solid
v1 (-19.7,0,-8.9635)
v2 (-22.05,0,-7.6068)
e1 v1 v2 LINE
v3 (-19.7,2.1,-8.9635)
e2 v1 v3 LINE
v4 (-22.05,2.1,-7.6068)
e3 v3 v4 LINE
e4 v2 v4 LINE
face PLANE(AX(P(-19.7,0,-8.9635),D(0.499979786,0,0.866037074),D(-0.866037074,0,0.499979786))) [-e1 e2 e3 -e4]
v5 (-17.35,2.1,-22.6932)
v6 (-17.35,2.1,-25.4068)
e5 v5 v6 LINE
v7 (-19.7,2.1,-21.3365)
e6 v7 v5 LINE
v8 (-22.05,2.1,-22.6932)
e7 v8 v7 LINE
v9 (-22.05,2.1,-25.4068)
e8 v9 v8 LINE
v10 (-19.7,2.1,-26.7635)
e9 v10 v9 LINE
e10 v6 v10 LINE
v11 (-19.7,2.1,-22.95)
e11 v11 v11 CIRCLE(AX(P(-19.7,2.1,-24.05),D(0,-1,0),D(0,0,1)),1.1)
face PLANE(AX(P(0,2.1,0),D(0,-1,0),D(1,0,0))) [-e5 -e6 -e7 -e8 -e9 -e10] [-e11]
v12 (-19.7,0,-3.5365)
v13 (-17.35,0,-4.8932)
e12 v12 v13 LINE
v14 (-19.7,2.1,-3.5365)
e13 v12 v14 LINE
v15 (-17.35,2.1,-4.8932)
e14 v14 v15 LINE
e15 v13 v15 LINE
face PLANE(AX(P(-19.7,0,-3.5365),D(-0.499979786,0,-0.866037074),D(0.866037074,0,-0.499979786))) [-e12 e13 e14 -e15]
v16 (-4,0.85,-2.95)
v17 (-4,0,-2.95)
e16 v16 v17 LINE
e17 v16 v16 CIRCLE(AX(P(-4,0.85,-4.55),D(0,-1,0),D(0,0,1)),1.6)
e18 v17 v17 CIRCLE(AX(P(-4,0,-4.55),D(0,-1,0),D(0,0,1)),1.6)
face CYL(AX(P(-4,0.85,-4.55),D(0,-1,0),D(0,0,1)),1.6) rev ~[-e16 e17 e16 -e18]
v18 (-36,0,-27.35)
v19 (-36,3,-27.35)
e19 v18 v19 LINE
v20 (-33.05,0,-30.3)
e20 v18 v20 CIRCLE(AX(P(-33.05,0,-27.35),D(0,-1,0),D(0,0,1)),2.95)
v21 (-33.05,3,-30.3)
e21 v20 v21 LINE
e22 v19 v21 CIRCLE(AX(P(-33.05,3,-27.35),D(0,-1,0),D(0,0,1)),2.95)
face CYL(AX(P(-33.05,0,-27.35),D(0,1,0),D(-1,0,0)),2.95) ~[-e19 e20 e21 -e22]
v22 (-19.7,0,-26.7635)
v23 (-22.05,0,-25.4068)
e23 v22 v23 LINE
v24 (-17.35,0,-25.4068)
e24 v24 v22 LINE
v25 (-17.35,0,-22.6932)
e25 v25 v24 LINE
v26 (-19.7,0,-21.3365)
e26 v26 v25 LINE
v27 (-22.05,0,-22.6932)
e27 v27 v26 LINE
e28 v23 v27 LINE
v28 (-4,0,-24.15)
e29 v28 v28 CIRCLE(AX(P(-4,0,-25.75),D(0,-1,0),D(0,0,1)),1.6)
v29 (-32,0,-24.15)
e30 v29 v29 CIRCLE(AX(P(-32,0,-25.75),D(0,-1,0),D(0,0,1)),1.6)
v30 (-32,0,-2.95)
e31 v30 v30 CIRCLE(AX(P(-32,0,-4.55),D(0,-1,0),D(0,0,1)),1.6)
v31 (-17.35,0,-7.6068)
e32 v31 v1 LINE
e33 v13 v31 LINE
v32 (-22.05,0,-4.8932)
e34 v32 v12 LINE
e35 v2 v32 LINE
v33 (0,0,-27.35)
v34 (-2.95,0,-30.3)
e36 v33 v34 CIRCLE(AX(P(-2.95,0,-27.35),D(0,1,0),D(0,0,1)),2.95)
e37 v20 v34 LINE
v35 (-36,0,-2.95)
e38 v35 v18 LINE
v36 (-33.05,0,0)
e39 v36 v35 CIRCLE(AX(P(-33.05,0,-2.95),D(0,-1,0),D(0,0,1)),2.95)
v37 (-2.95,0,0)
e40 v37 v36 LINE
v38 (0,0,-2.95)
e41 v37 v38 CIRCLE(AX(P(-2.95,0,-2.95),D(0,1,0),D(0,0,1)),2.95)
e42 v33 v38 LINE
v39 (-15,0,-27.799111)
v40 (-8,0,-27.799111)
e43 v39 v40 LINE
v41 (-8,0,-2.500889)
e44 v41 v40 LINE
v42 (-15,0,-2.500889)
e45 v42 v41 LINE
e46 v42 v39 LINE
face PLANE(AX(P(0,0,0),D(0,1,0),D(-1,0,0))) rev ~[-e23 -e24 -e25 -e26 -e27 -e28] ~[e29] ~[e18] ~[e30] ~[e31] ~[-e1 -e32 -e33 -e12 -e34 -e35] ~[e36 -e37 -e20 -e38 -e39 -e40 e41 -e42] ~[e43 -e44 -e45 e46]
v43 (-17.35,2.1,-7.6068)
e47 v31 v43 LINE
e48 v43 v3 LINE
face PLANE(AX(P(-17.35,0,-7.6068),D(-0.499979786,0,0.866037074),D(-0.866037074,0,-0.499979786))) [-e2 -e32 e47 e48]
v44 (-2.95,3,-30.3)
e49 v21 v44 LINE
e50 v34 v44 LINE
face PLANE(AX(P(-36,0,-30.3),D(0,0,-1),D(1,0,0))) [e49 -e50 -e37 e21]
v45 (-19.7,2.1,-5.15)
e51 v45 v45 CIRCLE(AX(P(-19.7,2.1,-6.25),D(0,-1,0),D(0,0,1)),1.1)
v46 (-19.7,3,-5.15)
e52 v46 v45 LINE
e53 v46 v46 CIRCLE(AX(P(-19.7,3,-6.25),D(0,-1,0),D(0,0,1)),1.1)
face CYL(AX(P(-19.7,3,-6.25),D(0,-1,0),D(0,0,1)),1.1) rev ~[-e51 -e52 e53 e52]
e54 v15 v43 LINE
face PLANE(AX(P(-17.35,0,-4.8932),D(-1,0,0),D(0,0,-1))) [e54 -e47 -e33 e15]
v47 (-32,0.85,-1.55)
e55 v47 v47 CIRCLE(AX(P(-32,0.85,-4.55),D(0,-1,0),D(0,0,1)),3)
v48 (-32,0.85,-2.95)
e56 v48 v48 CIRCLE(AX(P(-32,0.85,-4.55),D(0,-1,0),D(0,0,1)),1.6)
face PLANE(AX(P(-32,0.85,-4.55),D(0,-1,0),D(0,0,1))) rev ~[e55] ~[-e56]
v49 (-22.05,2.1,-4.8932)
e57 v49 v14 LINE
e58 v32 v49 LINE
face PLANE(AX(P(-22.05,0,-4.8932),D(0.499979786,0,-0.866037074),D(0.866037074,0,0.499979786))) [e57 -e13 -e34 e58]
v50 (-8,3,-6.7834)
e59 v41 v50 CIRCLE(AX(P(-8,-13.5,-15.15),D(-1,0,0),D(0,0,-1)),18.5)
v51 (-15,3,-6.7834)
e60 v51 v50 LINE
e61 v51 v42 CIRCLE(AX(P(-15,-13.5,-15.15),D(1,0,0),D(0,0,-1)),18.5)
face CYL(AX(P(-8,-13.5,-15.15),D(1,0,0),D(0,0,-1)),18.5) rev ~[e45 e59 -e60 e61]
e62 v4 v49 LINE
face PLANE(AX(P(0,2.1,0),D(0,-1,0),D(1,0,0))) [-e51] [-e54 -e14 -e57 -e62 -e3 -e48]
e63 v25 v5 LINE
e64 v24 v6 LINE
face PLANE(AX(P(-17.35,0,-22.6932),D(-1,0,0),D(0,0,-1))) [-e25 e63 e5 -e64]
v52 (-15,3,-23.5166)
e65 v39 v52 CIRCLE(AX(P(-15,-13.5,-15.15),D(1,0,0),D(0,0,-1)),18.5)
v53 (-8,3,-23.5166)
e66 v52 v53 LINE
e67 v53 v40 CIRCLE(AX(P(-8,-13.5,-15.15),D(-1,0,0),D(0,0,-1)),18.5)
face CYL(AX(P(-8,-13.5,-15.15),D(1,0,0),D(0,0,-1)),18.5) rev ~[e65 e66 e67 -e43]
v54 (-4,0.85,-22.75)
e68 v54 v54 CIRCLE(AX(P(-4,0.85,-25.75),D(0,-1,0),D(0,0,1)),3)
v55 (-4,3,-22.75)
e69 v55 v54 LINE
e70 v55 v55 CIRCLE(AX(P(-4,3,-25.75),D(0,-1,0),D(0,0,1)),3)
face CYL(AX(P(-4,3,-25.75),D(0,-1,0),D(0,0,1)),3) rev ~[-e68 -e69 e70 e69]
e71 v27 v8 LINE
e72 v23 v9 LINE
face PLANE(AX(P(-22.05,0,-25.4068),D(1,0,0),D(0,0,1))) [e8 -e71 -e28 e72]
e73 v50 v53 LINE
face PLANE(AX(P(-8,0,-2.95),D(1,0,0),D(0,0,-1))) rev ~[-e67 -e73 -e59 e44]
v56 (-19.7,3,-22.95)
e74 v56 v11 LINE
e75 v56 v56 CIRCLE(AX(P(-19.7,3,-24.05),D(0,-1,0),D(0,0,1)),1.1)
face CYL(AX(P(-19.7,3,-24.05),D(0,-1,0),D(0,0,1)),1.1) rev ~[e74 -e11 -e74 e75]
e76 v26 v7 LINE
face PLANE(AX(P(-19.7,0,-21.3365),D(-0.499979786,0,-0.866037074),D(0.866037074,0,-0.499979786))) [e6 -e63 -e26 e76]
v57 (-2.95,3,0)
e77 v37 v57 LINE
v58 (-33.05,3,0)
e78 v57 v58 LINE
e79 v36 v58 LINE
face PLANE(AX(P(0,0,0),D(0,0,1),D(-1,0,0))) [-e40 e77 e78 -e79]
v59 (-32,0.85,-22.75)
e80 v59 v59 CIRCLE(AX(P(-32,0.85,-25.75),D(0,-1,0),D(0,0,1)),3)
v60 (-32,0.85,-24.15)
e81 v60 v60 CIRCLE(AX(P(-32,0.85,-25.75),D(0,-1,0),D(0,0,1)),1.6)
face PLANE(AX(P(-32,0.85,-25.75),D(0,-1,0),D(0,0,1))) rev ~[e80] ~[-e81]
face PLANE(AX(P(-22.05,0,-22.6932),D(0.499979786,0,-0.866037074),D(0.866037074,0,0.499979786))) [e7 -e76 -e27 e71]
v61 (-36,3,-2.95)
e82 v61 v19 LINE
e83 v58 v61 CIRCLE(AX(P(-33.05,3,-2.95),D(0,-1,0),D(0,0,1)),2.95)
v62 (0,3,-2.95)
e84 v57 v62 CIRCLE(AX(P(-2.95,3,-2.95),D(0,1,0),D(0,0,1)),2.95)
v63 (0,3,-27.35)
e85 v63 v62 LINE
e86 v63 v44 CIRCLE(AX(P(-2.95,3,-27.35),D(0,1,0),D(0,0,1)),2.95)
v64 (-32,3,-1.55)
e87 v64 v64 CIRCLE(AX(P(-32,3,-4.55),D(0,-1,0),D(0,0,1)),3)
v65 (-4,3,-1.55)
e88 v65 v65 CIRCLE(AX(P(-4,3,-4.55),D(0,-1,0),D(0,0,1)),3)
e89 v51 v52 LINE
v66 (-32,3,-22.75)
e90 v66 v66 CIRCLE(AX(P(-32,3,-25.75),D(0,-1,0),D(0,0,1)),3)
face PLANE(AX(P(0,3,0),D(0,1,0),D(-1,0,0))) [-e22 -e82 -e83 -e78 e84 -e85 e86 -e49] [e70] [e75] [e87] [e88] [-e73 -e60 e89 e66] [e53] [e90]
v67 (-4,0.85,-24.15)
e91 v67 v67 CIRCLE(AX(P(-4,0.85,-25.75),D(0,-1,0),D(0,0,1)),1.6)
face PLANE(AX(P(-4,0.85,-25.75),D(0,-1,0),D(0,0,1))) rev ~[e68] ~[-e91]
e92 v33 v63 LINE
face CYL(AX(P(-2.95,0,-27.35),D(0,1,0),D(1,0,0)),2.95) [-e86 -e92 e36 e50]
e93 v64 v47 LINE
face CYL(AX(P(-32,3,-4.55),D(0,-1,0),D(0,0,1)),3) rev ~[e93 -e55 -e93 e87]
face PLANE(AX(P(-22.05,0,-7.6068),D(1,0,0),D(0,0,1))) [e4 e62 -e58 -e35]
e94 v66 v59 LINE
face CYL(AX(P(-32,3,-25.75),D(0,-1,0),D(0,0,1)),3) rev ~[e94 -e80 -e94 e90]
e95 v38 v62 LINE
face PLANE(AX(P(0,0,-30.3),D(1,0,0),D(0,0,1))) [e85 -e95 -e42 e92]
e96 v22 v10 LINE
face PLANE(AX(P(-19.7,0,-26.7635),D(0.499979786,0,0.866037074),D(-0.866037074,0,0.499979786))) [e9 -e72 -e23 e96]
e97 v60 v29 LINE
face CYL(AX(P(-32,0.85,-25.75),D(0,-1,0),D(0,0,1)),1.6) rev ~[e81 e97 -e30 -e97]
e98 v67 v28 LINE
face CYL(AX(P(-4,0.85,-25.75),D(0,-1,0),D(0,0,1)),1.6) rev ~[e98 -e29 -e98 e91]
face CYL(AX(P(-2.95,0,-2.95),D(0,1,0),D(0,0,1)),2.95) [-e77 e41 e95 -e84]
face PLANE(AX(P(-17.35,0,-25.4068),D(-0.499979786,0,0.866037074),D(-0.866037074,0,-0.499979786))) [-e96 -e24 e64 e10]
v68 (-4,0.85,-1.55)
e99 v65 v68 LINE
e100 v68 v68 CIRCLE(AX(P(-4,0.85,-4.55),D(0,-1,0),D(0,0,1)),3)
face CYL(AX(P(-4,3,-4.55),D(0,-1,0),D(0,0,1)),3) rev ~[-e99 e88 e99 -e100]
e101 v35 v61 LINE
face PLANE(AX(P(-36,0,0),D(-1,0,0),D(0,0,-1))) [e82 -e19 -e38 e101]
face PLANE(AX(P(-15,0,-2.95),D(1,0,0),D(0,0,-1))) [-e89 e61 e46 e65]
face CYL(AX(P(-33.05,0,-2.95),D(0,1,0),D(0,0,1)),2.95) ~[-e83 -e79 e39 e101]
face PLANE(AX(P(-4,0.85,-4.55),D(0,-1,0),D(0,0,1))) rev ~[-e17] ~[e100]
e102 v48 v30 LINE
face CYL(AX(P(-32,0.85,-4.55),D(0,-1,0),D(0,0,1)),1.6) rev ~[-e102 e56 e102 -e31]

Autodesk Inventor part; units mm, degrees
ref_plane "YZ Plane" through (0, 0, 0) normal (1, 0, 0) x (0, 1, 0)
ref_plane "XZ Plane" through (0, 0, 0) normal (0, 1, 0) x (-1, 0, 0)
sketch "Эскиз1" plane through (0, 0, 0) normal (0, 1, 0) x (-1, 0, 0)
  line L0 (0, 0) -> (36, 0)
  line L1 (36, 0) -> (36, -30.3)
  line L2 (36, -30.3) -> (0, -30.3)
  line L3 (0, -30.3) -> (0, 0)
  dimension "d0" = 36
  dimension "d1" = 30.3
extrude "Выдавливание1" add sketch "Эскиз1" along normal blind 3
sketch "Эскиз2" plane through (0, 3, 0) normal (0, 1, 0) x (1, 0, 0)
  line L0 (-36, 30.3) -> (-36, 0) projected
  line L1 (-36, 0) -> (-36, 4.55)
  line L2 (-36, 4.55) -> (-32, 4.55)
  line L3 (-36, 0) -> (0, 0) projected
  line L4 (-18, 0) -> (-18, 30.3)
  line L5 (0, 30.3) -> (-36, 30.3) projected
  line L6 (-36, 15.15) -> (0, 15.15)
  line L7 (0, 0) -> (0, 30.3) projected
  point P0 (-32, 25.75)
  point P1 (-4, 4.55)
  point P2 (-4, 25.75)
  dimension "d4" = 4.55
  dimension "d48" = 4
hole "Отверстие1" at (-32, 3, -4.55) at (-32, 3, -25.75) at (-4, 3, -25.75) at (-4, 3, -4.55) direction (0, -1, 0) diameter 3.2 end through all counterbore diameter 6 counterbore depth 2.15
fillet "Сопряжение1" radius 2.95 4 edges at (0, 1.5, 0) (0, 1.5, -30.3) (-36, 1.5, -30.3) (-36, 1.5, 0)
sketch "Эскиз4" plane through (0, 0, -2.95) normal (1, 0, 0) x (0, 0, -1)
  line L0 (12.2, 0) -> (12.2, -13.5)
  circle A0 centre (12.2, -13.5) radius 18.5
  line L1 (0, 0) -> (24.4, 0) projected
  line L2 (0, 0) -> (0, 3) projected
  line L3 (0, 1.5) -> (24.4, 1.5)
  line L4 (24.4, 3) -> (24.4, 0) projected
  dimension "d27" = 13.5
  dimension "d38" = 37
ref_plane "РабПлоскость1" through (-8, 0, -2.95) normal (1, 0, 0) x (0, 0, -1)
extrude "Выдавливание3" cut sketch "Эскиз4" against normal blind 7 from surface at -8 contours A0 L2 L1 L4 | L4 L1 L2 A0 L3 | L3 A0
sketch "Эскиз6" plane through (0, 3, 0) normal (0, 1, 0) x (1, 0, 0)
  line L0 (-15, 23.5166) -> (-15, 6.7834) projected
  line L1 (-15, 15.15) -> (-19.7, 15.15)
  line L2 (-19.7, 6.25) -> (-19.7, 24.05)
  point P0 (0, 0)
  dimension "d39" = 4.7
  dimension "d40" = 17.8
hole "Отверстие2" at (-19.7, 3, -6.25) at (-19.7, 3, -24.05) direction (0, -1, 0) diameter 2.2 end through all
sketch "Эскиз7" plane through (0, 0, 0) normal (0, -1, 0) x (1, 0, 0)
  circle A0 centre (-19.7, -6.25) radius 1.1 projected
  line L0 (-17.35, -7.6068) -> (-19.7, -8.9635)
  line L1 (-19.7, -8.9635) -> (-22.05, -7.6068)
  line L2 (-22.05, -7.6068) -> (-22.05, -4.8932)
  line L3 (-22.05, -4.8932) -> (-19.7, -3.5365)
  line L4 (-19.7, -3.5365) -> (-17.35, -4.8932)
  line L5 (-17.35, -4.8932) -> (-17.35, -7.6068)
  circle A1 centre (-19.7, -24.05) radius 1.1 projected
  line L6 (-17.35, -25.4068) -> (-19.7, -26.7635)
  line L7 (-19.7, -26.7635) -> (-22.05, -25.4068)
  line L8 (-22.05, -25.4068) -> (-22.05, -22.6932)
  line L9 (-22.05, -22.6932) -> (-19.7, -21.3365)
  line L10 (-19.7, -21.3365) -> (-17.35, -22.6932)
  line L11 (-17.35, -22.6932) -> (-17.35, -25.4068)
  line L12 (-15, -2.5009) -> (-15, -27.7991) projected
  point P0 (0, 0)
  dimension "d49" = 4.7
extrude "Выдавливание4" cut sketch "Эскиз7" against normal blind 2.1
equation "\"Радиус_гибки\" = Толщина"
equation "\"Ширина_просечки\" = Толщина"
equation "\"Глубина_просечки\" = 0.5 * Толщина"
equation "\"Размер_просечки\" = 4 * Толщина"
equation "\"Мин_остаток\" = 2 * Толщина"
equation "\"Радиус_перехода\" = Радиус_гибки"
equation "\"Радиус_Якоби\" = Толщина"
equation "\"Размер_зазора\" = Толщина"
equation "\"Толщина\" = 0.5"
properties part number "Крепление двигателя2"
